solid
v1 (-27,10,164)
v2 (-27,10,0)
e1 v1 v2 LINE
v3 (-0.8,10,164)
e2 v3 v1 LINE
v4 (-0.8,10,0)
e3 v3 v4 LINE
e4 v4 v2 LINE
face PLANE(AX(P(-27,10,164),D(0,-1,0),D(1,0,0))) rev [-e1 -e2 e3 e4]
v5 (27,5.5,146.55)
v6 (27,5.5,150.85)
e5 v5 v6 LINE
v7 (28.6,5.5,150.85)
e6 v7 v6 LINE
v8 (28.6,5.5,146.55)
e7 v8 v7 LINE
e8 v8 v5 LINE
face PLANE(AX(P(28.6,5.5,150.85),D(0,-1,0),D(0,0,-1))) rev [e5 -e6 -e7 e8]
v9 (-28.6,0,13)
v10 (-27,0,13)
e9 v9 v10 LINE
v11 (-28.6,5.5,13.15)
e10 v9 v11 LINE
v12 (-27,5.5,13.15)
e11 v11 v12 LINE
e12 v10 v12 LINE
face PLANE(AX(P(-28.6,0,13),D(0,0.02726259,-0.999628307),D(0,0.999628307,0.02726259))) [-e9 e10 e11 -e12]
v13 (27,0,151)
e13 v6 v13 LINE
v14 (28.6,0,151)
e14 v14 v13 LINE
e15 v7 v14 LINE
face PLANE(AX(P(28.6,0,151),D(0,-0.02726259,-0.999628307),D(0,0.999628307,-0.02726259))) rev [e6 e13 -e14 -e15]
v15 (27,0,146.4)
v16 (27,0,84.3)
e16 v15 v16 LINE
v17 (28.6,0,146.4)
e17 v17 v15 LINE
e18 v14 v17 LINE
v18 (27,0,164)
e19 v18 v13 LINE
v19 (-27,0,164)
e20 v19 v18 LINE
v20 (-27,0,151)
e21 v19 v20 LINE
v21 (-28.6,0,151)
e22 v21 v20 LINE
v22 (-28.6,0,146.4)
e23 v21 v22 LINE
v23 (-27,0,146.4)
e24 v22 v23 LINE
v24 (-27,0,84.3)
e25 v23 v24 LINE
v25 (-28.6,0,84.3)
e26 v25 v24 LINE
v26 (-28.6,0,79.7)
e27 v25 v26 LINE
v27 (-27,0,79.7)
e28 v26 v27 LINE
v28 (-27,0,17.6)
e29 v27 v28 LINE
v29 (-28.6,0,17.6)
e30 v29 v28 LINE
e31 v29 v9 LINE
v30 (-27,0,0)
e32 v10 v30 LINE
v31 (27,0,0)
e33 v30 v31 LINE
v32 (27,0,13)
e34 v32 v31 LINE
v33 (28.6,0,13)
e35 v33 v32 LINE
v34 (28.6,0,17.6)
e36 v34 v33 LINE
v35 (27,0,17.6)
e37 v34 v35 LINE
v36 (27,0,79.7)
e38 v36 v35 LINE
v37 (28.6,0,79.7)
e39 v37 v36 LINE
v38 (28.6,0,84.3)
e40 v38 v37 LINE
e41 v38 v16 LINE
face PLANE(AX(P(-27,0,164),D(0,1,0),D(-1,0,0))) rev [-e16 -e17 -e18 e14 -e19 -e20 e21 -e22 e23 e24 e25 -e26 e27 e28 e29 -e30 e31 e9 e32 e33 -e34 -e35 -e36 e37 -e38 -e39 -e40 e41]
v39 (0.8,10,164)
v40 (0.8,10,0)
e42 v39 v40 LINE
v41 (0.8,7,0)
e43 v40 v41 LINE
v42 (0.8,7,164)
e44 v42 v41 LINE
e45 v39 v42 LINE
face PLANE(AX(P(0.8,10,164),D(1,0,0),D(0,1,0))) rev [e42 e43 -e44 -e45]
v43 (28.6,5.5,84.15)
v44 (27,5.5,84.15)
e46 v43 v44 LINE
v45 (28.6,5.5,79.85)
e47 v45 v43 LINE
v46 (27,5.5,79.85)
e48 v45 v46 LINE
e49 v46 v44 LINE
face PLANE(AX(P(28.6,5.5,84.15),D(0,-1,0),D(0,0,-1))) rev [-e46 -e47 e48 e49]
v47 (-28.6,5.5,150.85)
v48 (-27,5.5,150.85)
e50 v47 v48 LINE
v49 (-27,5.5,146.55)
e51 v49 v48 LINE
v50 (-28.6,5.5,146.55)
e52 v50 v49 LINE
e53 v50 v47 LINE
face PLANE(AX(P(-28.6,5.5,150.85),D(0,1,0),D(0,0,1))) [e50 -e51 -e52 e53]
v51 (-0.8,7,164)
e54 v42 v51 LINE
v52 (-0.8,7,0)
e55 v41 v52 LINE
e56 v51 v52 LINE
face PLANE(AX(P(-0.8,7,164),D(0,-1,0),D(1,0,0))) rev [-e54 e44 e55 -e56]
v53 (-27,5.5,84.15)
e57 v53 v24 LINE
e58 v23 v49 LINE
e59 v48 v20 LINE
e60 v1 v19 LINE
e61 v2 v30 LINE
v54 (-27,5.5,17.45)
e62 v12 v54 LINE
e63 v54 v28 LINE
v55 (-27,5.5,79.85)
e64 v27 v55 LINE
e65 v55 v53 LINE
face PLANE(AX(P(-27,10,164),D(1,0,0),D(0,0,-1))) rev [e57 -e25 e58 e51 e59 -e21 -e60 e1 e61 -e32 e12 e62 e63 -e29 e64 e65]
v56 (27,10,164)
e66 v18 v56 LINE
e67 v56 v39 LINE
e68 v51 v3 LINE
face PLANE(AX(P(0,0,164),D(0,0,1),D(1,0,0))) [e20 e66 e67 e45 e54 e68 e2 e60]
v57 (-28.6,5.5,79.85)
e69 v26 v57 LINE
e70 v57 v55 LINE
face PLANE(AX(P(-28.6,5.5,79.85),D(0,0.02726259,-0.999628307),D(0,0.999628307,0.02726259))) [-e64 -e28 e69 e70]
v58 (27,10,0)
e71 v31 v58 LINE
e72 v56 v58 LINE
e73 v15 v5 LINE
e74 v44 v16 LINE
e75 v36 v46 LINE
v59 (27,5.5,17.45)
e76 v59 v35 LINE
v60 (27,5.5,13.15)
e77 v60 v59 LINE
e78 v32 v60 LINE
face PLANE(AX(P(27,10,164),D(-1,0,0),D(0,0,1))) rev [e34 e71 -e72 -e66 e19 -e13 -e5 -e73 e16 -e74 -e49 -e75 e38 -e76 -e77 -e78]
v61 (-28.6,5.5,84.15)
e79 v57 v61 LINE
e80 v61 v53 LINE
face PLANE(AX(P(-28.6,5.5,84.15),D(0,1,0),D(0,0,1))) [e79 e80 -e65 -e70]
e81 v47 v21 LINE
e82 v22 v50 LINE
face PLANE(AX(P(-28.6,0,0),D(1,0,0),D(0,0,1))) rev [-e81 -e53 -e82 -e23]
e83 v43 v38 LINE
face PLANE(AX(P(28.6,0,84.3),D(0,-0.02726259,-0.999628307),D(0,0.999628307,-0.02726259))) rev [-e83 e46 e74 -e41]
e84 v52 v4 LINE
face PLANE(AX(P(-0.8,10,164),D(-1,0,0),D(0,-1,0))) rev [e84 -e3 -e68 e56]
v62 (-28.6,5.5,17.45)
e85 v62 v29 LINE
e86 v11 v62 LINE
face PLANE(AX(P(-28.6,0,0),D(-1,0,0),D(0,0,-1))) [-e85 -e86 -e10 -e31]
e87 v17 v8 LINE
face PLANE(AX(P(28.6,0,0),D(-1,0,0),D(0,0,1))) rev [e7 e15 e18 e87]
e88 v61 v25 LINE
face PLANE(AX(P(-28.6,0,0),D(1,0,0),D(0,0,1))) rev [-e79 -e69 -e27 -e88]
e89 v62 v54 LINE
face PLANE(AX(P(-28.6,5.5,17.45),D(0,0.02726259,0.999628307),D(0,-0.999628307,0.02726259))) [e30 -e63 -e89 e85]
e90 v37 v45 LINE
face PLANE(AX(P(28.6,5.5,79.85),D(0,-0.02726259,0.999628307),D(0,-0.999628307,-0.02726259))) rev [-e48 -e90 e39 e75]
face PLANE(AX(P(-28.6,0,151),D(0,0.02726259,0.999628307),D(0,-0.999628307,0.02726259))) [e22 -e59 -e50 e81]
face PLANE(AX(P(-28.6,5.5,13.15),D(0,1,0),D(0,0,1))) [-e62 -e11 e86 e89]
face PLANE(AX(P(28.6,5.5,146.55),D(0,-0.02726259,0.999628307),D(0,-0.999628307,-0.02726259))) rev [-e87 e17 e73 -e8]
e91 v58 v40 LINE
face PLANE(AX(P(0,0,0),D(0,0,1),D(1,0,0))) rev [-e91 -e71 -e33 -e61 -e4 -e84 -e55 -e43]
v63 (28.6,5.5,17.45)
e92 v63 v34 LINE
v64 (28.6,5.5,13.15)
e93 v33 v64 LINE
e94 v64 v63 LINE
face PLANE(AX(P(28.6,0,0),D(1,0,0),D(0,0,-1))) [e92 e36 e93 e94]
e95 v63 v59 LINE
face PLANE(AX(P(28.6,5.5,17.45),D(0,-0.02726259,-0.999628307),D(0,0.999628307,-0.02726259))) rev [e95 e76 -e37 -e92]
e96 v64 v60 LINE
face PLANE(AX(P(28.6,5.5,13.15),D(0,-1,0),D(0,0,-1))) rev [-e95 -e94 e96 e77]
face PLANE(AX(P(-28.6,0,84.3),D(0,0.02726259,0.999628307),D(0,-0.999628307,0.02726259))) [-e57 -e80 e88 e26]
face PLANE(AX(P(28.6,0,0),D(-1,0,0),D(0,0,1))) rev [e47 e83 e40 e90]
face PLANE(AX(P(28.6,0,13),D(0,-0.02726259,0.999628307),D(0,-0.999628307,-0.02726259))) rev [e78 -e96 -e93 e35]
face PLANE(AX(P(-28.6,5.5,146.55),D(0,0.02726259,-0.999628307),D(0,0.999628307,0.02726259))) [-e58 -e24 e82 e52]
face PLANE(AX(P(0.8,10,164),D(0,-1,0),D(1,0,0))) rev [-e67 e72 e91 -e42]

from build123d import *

# Parameters (mm, degrees)
BOSS_EXTRUDE1_DEPTH = 164
BOSS_EXTRUDE2_DEPTH = 1.6


with BuildPart() as part:
    # Sketch1 → Boss-Extrude1 (new body)
    with BuildSketch(Plane.XY):
        Polygon((-27, 10), (-27, 0), (27, 0), (27, 10), (0.8, 10), (0.8, 7), (-0.8, 7), (-0.8, 10), align=None)
    extrude(amount=BOSS_EXTRUDE1_DEPTH)

    # Sketch2 → Boss-Extrude2 (add)
    with BuildSketch(Plane(origin=(27, 0, 0), x_dir=(0, 0, -1), z_dir=(1, 0, 0))):
        Polygon((-151, 0), (-150.85, 5.5), (-146.55, 5.5), (-146.4, 0), align=None)
        Polygon((-13.15, 5.5), (-17.45, 5.5), (-17.6, 0), (-13, 0), align=None)
        Polygon((-84.3, 0), (-84.15, 5.5), (-79.85, 5.5), (-79.7, 0), align=None)
    boss_extrude2 = extrude(amount=BOSS_EXTRUDE2_DEPTH)

    # Mirror1: Boss-Extrude2 across plane
    add(boss_extrude2.mirror(Plane(origin=(0, 0, 0), x_dir=(0, 0, 1), z_dir=(1, 0, 0))))


solid = part.part
